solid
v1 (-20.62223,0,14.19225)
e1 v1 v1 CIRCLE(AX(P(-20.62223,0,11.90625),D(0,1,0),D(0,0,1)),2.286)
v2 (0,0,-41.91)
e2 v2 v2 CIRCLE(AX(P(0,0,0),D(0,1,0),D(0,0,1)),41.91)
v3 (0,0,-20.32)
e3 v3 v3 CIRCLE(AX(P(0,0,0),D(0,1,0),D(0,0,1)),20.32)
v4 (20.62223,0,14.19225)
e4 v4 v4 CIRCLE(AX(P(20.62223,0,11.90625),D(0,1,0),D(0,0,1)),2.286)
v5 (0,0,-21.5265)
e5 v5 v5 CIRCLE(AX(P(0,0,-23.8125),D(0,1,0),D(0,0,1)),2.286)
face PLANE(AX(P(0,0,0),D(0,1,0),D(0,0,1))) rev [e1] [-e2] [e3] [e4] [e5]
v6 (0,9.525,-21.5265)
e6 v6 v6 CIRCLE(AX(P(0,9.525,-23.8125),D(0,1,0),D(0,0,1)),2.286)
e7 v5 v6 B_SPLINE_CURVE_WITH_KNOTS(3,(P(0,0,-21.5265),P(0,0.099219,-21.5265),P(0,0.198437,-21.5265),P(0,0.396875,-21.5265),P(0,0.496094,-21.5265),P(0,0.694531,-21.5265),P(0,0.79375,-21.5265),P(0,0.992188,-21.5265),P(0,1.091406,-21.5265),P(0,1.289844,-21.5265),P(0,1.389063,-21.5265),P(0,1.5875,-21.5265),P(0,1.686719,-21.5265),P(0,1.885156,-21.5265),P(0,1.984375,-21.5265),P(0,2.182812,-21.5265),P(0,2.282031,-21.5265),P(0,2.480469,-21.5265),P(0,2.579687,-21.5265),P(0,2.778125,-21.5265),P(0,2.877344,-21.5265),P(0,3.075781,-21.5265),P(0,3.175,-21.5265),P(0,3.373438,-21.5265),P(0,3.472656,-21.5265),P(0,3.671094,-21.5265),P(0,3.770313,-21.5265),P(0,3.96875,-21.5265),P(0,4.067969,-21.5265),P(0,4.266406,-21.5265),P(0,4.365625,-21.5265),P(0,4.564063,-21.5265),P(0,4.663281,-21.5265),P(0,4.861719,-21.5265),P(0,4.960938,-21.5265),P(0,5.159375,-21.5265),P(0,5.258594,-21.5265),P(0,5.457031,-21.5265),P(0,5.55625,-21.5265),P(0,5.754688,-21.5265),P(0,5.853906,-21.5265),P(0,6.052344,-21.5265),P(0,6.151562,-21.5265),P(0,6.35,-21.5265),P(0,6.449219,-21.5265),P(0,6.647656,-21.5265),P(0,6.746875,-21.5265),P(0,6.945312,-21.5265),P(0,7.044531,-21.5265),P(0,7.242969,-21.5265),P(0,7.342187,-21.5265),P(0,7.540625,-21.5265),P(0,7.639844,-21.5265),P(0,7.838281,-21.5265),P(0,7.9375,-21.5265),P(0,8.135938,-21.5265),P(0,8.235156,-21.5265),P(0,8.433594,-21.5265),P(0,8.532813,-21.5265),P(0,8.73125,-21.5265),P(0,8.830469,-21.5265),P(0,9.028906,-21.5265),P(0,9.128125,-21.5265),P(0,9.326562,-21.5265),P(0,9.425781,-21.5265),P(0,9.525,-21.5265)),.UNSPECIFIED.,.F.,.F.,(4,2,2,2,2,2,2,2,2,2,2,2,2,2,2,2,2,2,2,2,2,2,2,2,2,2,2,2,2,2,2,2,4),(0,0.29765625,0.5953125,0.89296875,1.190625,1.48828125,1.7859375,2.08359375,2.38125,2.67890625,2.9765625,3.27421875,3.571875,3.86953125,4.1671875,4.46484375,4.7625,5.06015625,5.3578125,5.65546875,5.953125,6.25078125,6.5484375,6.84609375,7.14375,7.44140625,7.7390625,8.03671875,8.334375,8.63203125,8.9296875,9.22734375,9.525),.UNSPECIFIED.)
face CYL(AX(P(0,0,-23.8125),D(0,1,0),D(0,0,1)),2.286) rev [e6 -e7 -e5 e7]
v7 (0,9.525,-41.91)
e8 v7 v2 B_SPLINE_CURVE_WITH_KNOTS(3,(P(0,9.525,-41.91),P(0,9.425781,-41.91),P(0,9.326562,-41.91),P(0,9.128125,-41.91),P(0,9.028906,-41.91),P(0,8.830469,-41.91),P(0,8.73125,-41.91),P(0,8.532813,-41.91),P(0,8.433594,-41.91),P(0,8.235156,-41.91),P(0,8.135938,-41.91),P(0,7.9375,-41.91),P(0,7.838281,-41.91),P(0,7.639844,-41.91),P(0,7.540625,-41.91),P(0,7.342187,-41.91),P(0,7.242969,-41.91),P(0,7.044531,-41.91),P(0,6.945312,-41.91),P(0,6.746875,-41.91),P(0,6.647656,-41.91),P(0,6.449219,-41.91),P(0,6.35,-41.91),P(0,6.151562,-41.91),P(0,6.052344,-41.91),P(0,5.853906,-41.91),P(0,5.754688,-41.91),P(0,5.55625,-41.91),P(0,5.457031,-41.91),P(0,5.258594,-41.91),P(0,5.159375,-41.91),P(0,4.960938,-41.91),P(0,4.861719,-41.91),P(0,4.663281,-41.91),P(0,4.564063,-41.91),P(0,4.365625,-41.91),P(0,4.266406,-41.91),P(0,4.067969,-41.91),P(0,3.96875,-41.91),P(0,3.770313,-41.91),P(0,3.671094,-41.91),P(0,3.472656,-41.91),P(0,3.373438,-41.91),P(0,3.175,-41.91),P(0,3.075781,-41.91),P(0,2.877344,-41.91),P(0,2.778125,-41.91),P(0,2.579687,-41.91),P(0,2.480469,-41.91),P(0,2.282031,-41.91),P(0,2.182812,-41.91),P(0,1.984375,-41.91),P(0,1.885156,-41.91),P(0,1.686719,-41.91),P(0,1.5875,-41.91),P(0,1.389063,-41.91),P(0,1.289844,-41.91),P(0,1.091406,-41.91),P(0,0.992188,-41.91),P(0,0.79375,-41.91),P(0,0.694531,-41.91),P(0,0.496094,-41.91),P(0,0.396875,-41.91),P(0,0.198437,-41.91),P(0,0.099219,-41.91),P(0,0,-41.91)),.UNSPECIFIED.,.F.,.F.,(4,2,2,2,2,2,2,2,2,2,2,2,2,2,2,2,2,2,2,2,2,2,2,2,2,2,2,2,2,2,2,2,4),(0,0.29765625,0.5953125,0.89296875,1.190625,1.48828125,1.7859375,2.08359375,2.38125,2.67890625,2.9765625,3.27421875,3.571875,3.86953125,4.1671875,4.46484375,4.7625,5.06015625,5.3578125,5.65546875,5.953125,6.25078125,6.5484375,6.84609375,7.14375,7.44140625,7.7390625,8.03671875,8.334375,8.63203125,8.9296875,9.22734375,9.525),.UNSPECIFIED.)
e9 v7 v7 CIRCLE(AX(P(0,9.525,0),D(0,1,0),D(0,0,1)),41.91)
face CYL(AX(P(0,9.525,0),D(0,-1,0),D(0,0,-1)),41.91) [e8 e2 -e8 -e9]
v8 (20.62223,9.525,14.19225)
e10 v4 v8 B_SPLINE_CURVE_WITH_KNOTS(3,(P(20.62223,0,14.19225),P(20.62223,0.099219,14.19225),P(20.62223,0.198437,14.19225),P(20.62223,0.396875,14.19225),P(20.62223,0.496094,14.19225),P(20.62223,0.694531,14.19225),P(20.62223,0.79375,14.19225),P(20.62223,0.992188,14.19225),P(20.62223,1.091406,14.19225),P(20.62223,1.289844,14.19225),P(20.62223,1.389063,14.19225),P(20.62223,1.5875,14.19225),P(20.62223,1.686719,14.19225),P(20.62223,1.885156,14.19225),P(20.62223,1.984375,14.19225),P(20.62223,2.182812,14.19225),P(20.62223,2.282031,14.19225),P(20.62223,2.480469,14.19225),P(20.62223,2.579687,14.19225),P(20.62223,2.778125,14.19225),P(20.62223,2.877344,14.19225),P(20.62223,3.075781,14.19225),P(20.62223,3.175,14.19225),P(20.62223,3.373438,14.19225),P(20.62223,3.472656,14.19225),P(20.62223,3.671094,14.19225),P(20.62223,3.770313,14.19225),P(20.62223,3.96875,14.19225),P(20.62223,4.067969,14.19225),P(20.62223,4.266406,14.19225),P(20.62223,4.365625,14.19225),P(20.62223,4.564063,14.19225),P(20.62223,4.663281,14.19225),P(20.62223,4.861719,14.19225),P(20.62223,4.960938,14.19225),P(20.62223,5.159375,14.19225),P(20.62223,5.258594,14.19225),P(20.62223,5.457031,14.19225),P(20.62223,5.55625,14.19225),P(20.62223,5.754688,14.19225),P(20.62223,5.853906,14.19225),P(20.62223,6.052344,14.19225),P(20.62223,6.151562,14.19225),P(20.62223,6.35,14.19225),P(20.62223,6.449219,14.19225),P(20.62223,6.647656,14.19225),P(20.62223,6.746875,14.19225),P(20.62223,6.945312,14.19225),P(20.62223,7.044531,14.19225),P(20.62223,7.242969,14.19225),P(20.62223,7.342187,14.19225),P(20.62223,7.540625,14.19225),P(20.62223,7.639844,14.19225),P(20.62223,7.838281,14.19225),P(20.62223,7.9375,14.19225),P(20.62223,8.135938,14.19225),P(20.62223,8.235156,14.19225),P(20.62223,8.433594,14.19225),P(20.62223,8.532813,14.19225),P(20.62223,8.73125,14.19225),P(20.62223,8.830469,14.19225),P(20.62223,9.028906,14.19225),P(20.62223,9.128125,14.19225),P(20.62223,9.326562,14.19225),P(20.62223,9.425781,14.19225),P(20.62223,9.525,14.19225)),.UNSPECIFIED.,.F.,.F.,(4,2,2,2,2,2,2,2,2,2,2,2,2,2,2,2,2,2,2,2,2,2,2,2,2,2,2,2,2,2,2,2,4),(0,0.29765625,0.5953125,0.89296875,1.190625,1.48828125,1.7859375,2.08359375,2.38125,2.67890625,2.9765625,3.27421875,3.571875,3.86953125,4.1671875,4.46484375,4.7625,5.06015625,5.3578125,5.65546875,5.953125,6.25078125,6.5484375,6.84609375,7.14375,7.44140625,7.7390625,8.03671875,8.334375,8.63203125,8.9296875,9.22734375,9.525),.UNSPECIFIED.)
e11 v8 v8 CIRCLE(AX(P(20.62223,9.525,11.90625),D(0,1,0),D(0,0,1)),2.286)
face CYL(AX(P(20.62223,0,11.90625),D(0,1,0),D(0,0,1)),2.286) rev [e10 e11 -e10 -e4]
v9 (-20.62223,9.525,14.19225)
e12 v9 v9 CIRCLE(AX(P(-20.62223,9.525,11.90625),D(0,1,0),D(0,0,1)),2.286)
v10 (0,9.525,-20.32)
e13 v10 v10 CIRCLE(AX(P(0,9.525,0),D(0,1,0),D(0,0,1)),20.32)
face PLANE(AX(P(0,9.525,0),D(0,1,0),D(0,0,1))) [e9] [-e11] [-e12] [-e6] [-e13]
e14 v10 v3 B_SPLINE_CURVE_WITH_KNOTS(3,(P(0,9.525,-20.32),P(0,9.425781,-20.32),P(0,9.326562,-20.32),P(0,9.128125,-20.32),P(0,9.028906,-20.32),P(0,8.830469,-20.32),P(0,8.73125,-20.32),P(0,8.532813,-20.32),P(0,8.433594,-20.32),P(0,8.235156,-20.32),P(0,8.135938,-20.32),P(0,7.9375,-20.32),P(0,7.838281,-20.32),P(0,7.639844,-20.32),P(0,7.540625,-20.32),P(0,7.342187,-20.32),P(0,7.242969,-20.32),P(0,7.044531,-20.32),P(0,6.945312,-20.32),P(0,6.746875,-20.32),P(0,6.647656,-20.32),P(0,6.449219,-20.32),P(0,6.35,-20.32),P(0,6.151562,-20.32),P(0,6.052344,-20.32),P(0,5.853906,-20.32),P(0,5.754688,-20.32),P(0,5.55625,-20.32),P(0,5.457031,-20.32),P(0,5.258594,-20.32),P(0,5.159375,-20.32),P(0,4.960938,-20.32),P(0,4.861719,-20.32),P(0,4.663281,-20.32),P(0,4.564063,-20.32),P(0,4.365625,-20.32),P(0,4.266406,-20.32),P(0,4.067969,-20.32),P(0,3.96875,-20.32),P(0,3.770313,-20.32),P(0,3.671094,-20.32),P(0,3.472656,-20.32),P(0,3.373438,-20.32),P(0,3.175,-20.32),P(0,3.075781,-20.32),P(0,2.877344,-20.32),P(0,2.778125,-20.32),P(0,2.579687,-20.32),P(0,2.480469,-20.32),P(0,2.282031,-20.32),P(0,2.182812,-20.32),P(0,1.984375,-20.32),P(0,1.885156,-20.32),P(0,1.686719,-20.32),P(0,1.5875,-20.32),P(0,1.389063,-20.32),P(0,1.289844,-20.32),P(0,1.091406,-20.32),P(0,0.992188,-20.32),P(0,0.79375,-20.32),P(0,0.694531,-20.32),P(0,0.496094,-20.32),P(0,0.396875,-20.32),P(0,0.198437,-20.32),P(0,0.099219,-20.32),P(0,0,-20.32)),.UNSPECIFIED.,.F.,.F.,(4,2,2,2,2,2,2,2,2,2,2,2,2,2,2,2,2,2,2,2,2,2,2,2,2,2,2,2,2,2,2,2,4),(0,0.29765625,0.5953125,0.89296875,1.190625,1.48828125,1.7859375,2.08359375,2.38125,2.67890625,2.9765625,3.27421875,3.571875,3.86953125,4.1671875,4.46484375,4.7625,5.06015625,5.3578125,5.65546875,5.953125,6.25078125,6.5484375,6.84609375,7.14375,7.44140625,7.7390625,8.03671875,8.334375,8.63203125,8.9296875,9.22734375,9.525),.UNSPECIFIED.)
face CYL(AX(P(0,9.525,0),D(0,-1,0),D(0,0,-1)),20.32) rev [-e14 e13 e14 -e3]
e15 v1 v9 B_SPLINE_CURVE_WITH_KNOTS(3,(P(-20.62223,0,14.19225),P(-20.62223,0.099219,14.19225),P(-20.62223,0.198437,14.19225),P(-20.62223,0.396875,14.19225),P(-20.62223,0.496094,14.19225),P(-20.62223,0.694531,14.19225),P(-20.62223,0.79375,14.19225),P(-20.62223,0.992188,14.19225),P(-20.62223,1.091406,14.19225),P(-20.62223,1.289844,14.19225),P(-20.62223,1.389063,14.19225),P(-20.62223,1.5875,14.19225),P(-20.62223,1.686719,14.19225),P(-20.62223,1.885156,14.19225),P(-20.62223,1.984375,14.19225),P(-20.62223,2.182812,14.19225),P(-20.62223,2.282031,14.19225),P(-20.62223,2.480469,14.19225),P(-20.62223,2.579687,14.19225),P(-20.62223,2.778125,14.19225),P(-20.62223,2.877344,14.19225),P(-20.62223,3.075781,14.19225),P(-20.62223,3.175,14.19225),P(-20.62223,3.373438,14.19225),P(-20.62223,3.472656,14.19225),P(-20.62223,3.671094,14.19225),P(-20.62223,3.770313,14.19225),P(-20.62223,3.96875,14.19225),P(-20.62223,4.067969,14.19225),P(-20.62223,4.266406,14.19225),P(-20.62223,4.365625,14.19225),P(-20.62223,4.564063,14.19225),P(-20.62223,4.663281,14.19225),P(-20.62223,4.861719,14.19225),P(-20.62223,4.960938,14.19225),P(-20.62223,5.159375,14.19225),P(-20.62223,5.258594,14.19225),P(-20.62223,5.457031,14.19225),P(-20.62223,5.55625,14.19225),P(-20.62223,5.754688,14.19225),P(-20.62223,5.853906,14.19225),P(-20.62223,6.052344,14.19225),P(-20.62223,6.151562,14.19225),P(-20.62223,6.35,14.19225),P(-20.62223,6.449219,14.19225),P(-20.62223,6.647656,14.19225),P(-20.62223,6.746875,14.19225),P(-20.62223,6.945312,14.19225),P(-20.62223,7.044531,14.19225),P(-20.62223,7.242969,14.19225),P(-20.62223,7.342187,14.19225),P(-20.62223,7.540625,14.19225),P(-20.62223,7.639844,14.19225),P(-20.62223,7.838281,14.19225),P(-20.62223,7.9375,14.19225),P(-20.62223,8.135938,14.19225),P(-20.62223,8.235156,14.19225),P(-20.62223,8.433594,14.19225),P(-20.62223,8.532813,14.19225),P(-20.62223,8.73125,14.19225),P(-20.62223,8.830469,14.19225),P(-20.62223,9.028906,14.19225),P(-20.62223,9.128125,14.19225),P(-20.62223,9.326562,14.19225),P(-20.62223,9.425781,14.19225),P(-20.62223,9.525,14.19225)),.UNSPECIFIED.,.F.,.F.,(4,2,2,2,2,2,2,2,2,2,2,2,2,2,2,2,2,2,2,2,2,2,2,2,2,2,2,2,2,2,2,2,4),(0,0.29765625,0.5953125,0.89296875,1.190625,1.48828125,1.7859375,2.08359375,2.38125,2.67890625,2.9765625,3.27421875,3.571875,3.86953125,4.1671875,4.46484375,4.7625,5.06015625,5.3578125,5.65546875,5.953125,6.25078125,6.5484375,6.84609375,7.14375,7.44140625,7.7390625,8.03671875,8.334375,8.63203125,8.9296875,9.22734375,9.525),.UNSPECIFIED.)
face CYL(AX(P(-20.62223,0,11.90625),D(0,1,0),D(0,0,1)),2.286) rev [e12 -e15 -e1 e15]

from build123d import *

# Parameters (mm, degrees)
SKETCH1_R           = 41.91
SKETCH1_R_2         = 20.32
BOSS_EXTRUDE1_DEPTH = 9.525
SKETCH2_R           = 2.286
CUT_EXTRUDE1_DEPTH  = 61.030174288


with BuildPart() as part:
    # Sketch1 → Boss-Extrude1 (new body)
    with BuildSketch(Plane(origin=(0, 0, 0), x_dir=(1, 0, 0), z_dir=(0, 1, 0))):
        with Locations(Location((0, 0, 0), (0, 0, 90))):
            Circle(SKETCH1_R)
        with Locations(Location((0, 0, 0), (0, 0, 90))):
            Circle(SKETCH1_R_2, mode=Mode.SUBTRACT)
    extrude(amount=BOSS_EXTRUDE1_DEPTH)

    # Sketch2 → Cut-Extrude1 (cut, through all)
    with BuildSketch(Plane(origin=(0, 9.525, 0), x_dir=(1, 0, 0), z_dir=(0, 1, 0))):
        with Locations(Location((0, 23.8125, 0), (0, 0, 270))):
            Circle(SKETCH2_R)
        with Locations(Location((20.622229928, -11.90625, 0), (0, 0, 270))):
            Circle(SKETCH2_R)
        with Locations(Location((-20.622229928, -11.90625, 0), (0, 0, 270))):
            Circle(SKETCH2_R)
    extrude(amount=-CUT_EXTRUDE1_DEPTH, mode=Mode.SUBTRACT)


solid = part.part
